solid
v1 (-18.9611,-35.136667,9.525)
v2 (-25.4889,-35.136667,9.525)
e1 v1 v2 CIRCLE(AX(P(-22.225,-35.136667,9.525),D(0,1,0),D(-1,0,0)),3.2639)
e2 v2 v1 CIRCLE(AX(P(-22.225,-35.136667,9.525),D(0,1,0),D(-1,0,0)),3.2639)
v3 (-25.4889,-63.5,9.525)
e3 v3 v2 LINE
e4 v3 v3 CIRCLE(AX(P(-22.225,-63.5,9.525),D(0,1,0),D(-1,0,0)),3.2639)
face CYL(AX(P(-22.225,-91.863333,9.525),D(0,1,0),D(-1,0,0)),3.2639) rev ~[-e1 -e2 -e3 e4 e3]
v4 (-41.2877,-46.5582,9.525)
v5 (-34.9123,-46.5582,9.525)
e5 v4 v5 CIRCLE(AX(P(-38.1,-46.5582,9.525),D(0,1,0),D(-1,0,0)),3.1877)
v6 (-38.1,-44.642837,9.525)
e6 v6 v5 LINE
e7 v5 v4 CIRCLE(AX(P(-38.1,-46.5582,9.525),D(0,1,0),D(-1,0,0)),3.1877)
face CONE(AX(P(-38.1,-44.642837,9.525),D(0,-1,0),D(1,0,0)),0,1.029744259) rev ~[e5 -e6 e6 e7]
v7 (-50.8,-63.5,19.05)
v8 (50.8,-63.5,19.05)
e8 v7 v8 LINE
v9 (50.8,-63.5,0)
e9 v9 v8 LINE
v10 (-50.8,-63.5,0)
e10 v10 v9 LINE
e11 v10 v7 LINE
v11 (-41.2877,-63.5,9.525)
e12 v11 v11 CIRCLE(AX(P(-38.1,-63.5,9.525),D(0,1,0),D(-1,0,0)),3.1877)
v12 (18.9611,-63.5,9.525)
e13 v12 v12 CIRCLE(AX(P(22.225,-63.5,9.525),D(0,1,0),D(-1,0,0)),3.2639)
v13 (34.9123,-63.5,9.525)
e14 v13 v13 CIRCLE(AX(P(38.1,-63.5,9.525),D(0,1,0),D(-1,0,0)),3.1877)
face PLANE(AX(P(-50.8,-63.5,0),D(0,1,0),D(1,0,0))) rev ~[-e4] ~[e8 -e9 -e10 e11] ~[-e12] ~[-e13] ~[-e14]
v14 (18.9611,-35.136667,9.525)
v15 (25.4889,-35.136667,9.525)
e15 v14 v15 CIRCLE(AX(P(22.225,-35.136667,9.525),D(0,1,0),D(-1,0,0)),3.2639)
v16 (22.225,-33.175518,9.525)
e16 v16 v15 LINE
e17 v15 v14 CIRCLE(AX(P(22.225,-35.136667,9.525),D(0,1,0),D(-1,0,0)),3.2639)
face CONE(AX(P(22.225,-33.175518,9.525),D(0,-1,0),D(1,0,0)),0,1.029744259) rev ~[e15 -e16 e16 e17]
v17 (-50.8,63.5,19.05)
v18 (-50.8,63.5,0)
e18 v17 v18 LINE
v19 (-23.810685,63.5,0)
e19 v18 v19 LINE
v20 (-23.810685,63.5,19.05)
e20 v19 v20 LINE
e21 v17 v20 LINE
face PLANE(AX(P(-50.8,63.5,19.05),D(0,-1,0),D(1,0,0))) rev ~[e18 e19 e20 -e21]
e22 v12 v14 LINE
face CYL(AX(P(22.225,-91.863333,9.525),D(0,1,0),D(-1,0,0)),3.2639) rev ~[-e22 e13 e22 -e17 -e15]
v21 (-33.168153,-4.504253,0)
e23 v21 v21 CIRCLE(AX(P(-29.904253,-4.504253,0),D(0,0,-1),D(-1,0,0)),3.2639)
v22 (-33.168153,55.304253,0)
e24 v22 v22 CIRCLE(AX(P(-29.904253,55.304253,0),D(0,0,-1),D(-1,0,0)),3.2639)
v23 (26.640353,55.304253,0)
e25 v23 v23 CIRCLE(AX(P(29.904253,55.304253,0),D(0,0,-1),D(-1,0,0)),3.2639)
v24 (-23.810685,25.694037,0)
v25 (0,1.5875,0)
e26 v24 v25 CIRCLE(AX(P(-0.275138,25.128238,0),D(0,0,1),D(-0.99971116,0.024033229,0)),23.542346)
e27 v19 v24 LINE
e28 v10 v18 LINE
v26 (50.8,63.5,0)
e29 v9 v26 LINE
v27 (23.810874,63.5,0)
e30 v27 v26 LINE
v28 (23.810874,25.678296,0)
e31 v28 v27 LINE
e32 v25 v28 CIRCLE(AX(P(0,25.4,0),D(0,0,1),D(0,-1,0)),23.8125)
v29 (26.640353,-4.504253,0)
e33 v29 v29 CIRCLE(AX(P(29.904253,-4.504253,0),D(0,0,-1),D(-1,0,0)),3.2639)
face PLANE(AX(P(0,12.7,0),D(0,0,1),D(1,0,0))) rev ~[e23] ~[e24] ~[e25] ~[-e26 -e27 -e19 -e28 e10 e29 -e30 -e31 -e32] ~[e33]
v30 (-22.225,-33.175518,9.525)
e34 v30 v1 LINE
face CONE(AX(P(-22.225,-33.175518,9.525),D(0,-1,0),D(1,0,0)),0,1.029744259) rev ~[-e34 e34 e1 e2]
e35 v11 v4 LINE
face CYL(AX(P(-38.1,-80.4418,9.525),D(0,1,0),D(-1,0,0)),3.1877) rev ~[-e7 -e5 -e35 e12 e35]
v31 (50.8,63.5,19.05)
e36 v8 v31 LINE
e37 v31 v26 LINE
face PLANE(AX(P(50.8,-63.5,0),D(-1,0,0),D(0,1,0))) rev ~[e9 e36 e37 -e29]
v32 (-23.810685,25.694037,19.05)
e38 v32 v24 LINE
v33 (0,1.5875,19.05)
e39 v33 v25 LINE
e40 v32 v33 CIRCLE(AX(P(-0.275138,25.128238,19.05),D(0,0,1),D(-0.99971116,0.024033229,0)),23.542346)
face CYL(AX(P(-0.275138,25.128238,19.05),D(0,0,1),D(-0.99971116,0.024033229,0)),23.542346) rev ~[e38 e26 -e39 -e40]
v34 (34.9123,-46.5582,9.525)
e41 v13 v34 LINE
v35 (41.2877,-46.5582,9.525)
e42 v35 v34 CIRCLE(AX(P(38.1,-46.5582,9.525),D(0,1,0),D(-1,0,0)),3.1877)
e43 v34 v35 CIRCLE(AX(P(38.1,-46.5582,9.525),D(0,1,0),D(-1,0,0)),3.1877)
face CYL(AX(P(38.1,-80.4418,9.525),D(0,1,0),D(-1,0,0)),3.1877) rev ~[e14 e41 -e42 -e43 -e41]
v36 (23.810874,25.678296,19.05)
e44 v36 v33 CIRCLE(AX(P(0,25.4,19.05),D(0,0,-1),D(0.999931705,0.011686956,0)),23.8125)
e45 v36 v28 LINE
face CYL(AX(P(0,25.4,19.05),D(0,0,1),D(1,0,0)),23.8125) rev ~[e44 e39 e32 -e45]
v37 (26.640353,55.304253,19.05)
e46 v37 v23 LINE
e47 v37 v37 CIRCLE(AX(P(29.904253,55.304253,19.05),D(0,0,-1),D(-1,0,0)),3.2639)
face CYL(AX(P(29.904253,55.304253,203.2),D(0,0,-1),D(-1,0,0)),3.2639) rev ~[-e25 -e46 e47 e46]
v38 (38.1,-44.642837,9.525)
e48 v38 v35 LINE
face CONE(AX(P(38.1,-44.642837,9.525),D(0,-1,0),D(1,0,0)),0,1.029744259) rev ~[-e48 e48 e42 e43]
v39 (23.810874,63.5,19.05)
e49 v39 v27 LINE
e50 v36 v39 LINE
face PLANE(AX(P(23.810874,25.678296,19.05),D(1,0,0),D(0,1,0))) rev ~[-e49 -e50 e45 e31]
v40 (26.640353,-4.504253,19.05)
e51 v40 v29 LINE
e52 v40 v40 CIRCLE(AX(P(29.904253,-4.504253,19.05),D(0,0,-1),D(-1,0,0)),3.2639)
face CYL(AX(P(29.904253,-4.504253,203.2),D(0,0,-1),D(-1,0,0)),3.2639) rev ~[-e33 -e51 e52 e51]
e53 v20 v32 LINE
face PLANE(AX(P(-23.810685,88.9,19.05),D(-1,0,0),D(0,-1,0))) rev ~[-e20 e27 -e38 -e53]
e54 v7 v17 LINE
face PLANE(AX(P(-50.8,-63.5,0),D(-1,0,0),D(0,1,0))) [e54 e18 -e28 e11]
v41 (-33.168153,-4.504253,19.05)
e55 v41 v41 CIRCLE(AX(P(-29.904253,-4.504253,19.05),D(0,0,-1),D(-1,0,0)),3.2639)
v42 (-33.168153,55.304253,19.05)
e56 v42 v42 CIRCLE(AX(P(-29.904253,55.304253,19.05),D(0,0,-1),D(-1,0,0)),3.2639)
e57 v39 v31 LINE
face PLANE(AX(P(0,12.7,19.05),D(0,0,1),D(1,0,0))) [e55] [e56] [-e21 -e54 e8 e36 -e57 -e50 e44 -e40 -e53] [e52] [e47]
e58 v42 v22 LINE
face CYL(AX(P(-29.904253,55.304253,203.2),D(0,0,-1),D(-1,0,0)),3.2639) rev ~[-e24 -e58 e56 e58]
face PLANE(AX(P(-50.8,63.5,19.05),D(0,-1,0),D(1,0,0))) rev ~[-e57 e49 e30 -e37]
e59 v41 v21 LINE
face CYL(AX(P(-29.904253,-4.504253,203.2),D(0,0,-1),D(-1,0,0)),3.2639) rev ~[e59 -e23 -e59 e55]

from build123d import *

# Parameters (mm, degrees)
F0_W      = 101.6
F0_H      = 152.4
F1_DEPTH  = 19.05
F3_D      = 6.5278
F2_R      = 23.8125
F4_DEPTH  = 19.051
F6_DEPTH  = 19.051
F7_W      = 101.6
F7_H      = 25.4
F8_DEPTH  = 19.051
F10_D     = 6.3754
F10_DEPTH = 16.9418
F10_TIP   = 1.9153633953
F11_D     = 6.5278
F11_DEPTH = 28.3633333333
F11_TIP   = 1.9611489744


with BuildPart() as f1:
    # F0 (on Top) → F1 (new body)
    with BuildSketch(Plane.XY):
        with Locations((0, 12.7)):
            Rectangle(F0_W, F0_H)
    extrude(amount=F1_DEPTH)

    # F3 (through all)
    with Locations(Plane.XY.offset(19.05)):
        with Locations((-29.9042528832, 55.3042528832), (29.9042528832, 55.3042528832), (29.9042528832, -4.5042528832), (-29.9042528832, -4.5042528832)):
            Hole(F3_D / 2)

    # F2 (on face) → F4 (cut, through all)
    with BuildSketch(Plane.XY.offset(19.05)):
        with Locations((0, 25.4)):
            Circle(F2_R)
    extrude(amount=-F4_DEPTH, mode=Mode.SUBTRACT)

    # F5 (on face) → F6 (cut, through all)
    with BuildSketch(Plane.XY.offset(19.05)):
        with BuildLine():
            Line((-23.8106845457, 88.9), (-23.8106845457, 25.6940369276))
            ThreePointArc((-23.8106845457, 25.6940369276), (-17.0245539834, 8.5843833211), (0, 1.5875))
            ThreePointArc((0, 1.5875), (16.8536210319, 8.7422088532), (23.81087373, 25.6782956372))
            Line((23.81087373, 25.6782956372), (23.81087373, 88.9))
            Line((23.81087373, 88.9), (-23.8106845457, 88.9))
        make_face()
    extrude(amount=-F6_DEPTH, mode=Mode.SUBTRACT)

    # F7 (on face) → F8 (cut, through all)
    with BuildSketch(Plane.XY.offset(19.05)):
        with Locations((0, 76.2)):
            Rectangle(F7_W, F7_H)
    extrude(amount=-F8_DEPTH, mode=Mode.SUBTRACT)

    # F10
    with Locations(Plane.XZ.offset(63.5)):
        with Locations((-38.1, 9.525), (38.1, 9.525)):
            Hole(F10_D / 2, depth=F10_DEPTH)
            with Locations((0, 0, -(F10_DEPTH + F10_TIP / 2))):  # 118° drill point
                Cone(0, F10_D / 2, F10_TIP, mode=Mode.SUBTRACT)

    # F11
    with Locations(Plane.XZ.offset(63.5)):
        with Locations((-22.225, 9.525), (22.225, 9.525)):
            Hole(F11_D / 2, depth=F11_DEPTH)
            with Locations((0, 0, -(F11_DEPTH + F11_TIP / 2))):  # 118° drill point
                Cone(0, F11_D / 2, F11_TIP, mode=Mode.SUBTRACT)


solid = f1.part
